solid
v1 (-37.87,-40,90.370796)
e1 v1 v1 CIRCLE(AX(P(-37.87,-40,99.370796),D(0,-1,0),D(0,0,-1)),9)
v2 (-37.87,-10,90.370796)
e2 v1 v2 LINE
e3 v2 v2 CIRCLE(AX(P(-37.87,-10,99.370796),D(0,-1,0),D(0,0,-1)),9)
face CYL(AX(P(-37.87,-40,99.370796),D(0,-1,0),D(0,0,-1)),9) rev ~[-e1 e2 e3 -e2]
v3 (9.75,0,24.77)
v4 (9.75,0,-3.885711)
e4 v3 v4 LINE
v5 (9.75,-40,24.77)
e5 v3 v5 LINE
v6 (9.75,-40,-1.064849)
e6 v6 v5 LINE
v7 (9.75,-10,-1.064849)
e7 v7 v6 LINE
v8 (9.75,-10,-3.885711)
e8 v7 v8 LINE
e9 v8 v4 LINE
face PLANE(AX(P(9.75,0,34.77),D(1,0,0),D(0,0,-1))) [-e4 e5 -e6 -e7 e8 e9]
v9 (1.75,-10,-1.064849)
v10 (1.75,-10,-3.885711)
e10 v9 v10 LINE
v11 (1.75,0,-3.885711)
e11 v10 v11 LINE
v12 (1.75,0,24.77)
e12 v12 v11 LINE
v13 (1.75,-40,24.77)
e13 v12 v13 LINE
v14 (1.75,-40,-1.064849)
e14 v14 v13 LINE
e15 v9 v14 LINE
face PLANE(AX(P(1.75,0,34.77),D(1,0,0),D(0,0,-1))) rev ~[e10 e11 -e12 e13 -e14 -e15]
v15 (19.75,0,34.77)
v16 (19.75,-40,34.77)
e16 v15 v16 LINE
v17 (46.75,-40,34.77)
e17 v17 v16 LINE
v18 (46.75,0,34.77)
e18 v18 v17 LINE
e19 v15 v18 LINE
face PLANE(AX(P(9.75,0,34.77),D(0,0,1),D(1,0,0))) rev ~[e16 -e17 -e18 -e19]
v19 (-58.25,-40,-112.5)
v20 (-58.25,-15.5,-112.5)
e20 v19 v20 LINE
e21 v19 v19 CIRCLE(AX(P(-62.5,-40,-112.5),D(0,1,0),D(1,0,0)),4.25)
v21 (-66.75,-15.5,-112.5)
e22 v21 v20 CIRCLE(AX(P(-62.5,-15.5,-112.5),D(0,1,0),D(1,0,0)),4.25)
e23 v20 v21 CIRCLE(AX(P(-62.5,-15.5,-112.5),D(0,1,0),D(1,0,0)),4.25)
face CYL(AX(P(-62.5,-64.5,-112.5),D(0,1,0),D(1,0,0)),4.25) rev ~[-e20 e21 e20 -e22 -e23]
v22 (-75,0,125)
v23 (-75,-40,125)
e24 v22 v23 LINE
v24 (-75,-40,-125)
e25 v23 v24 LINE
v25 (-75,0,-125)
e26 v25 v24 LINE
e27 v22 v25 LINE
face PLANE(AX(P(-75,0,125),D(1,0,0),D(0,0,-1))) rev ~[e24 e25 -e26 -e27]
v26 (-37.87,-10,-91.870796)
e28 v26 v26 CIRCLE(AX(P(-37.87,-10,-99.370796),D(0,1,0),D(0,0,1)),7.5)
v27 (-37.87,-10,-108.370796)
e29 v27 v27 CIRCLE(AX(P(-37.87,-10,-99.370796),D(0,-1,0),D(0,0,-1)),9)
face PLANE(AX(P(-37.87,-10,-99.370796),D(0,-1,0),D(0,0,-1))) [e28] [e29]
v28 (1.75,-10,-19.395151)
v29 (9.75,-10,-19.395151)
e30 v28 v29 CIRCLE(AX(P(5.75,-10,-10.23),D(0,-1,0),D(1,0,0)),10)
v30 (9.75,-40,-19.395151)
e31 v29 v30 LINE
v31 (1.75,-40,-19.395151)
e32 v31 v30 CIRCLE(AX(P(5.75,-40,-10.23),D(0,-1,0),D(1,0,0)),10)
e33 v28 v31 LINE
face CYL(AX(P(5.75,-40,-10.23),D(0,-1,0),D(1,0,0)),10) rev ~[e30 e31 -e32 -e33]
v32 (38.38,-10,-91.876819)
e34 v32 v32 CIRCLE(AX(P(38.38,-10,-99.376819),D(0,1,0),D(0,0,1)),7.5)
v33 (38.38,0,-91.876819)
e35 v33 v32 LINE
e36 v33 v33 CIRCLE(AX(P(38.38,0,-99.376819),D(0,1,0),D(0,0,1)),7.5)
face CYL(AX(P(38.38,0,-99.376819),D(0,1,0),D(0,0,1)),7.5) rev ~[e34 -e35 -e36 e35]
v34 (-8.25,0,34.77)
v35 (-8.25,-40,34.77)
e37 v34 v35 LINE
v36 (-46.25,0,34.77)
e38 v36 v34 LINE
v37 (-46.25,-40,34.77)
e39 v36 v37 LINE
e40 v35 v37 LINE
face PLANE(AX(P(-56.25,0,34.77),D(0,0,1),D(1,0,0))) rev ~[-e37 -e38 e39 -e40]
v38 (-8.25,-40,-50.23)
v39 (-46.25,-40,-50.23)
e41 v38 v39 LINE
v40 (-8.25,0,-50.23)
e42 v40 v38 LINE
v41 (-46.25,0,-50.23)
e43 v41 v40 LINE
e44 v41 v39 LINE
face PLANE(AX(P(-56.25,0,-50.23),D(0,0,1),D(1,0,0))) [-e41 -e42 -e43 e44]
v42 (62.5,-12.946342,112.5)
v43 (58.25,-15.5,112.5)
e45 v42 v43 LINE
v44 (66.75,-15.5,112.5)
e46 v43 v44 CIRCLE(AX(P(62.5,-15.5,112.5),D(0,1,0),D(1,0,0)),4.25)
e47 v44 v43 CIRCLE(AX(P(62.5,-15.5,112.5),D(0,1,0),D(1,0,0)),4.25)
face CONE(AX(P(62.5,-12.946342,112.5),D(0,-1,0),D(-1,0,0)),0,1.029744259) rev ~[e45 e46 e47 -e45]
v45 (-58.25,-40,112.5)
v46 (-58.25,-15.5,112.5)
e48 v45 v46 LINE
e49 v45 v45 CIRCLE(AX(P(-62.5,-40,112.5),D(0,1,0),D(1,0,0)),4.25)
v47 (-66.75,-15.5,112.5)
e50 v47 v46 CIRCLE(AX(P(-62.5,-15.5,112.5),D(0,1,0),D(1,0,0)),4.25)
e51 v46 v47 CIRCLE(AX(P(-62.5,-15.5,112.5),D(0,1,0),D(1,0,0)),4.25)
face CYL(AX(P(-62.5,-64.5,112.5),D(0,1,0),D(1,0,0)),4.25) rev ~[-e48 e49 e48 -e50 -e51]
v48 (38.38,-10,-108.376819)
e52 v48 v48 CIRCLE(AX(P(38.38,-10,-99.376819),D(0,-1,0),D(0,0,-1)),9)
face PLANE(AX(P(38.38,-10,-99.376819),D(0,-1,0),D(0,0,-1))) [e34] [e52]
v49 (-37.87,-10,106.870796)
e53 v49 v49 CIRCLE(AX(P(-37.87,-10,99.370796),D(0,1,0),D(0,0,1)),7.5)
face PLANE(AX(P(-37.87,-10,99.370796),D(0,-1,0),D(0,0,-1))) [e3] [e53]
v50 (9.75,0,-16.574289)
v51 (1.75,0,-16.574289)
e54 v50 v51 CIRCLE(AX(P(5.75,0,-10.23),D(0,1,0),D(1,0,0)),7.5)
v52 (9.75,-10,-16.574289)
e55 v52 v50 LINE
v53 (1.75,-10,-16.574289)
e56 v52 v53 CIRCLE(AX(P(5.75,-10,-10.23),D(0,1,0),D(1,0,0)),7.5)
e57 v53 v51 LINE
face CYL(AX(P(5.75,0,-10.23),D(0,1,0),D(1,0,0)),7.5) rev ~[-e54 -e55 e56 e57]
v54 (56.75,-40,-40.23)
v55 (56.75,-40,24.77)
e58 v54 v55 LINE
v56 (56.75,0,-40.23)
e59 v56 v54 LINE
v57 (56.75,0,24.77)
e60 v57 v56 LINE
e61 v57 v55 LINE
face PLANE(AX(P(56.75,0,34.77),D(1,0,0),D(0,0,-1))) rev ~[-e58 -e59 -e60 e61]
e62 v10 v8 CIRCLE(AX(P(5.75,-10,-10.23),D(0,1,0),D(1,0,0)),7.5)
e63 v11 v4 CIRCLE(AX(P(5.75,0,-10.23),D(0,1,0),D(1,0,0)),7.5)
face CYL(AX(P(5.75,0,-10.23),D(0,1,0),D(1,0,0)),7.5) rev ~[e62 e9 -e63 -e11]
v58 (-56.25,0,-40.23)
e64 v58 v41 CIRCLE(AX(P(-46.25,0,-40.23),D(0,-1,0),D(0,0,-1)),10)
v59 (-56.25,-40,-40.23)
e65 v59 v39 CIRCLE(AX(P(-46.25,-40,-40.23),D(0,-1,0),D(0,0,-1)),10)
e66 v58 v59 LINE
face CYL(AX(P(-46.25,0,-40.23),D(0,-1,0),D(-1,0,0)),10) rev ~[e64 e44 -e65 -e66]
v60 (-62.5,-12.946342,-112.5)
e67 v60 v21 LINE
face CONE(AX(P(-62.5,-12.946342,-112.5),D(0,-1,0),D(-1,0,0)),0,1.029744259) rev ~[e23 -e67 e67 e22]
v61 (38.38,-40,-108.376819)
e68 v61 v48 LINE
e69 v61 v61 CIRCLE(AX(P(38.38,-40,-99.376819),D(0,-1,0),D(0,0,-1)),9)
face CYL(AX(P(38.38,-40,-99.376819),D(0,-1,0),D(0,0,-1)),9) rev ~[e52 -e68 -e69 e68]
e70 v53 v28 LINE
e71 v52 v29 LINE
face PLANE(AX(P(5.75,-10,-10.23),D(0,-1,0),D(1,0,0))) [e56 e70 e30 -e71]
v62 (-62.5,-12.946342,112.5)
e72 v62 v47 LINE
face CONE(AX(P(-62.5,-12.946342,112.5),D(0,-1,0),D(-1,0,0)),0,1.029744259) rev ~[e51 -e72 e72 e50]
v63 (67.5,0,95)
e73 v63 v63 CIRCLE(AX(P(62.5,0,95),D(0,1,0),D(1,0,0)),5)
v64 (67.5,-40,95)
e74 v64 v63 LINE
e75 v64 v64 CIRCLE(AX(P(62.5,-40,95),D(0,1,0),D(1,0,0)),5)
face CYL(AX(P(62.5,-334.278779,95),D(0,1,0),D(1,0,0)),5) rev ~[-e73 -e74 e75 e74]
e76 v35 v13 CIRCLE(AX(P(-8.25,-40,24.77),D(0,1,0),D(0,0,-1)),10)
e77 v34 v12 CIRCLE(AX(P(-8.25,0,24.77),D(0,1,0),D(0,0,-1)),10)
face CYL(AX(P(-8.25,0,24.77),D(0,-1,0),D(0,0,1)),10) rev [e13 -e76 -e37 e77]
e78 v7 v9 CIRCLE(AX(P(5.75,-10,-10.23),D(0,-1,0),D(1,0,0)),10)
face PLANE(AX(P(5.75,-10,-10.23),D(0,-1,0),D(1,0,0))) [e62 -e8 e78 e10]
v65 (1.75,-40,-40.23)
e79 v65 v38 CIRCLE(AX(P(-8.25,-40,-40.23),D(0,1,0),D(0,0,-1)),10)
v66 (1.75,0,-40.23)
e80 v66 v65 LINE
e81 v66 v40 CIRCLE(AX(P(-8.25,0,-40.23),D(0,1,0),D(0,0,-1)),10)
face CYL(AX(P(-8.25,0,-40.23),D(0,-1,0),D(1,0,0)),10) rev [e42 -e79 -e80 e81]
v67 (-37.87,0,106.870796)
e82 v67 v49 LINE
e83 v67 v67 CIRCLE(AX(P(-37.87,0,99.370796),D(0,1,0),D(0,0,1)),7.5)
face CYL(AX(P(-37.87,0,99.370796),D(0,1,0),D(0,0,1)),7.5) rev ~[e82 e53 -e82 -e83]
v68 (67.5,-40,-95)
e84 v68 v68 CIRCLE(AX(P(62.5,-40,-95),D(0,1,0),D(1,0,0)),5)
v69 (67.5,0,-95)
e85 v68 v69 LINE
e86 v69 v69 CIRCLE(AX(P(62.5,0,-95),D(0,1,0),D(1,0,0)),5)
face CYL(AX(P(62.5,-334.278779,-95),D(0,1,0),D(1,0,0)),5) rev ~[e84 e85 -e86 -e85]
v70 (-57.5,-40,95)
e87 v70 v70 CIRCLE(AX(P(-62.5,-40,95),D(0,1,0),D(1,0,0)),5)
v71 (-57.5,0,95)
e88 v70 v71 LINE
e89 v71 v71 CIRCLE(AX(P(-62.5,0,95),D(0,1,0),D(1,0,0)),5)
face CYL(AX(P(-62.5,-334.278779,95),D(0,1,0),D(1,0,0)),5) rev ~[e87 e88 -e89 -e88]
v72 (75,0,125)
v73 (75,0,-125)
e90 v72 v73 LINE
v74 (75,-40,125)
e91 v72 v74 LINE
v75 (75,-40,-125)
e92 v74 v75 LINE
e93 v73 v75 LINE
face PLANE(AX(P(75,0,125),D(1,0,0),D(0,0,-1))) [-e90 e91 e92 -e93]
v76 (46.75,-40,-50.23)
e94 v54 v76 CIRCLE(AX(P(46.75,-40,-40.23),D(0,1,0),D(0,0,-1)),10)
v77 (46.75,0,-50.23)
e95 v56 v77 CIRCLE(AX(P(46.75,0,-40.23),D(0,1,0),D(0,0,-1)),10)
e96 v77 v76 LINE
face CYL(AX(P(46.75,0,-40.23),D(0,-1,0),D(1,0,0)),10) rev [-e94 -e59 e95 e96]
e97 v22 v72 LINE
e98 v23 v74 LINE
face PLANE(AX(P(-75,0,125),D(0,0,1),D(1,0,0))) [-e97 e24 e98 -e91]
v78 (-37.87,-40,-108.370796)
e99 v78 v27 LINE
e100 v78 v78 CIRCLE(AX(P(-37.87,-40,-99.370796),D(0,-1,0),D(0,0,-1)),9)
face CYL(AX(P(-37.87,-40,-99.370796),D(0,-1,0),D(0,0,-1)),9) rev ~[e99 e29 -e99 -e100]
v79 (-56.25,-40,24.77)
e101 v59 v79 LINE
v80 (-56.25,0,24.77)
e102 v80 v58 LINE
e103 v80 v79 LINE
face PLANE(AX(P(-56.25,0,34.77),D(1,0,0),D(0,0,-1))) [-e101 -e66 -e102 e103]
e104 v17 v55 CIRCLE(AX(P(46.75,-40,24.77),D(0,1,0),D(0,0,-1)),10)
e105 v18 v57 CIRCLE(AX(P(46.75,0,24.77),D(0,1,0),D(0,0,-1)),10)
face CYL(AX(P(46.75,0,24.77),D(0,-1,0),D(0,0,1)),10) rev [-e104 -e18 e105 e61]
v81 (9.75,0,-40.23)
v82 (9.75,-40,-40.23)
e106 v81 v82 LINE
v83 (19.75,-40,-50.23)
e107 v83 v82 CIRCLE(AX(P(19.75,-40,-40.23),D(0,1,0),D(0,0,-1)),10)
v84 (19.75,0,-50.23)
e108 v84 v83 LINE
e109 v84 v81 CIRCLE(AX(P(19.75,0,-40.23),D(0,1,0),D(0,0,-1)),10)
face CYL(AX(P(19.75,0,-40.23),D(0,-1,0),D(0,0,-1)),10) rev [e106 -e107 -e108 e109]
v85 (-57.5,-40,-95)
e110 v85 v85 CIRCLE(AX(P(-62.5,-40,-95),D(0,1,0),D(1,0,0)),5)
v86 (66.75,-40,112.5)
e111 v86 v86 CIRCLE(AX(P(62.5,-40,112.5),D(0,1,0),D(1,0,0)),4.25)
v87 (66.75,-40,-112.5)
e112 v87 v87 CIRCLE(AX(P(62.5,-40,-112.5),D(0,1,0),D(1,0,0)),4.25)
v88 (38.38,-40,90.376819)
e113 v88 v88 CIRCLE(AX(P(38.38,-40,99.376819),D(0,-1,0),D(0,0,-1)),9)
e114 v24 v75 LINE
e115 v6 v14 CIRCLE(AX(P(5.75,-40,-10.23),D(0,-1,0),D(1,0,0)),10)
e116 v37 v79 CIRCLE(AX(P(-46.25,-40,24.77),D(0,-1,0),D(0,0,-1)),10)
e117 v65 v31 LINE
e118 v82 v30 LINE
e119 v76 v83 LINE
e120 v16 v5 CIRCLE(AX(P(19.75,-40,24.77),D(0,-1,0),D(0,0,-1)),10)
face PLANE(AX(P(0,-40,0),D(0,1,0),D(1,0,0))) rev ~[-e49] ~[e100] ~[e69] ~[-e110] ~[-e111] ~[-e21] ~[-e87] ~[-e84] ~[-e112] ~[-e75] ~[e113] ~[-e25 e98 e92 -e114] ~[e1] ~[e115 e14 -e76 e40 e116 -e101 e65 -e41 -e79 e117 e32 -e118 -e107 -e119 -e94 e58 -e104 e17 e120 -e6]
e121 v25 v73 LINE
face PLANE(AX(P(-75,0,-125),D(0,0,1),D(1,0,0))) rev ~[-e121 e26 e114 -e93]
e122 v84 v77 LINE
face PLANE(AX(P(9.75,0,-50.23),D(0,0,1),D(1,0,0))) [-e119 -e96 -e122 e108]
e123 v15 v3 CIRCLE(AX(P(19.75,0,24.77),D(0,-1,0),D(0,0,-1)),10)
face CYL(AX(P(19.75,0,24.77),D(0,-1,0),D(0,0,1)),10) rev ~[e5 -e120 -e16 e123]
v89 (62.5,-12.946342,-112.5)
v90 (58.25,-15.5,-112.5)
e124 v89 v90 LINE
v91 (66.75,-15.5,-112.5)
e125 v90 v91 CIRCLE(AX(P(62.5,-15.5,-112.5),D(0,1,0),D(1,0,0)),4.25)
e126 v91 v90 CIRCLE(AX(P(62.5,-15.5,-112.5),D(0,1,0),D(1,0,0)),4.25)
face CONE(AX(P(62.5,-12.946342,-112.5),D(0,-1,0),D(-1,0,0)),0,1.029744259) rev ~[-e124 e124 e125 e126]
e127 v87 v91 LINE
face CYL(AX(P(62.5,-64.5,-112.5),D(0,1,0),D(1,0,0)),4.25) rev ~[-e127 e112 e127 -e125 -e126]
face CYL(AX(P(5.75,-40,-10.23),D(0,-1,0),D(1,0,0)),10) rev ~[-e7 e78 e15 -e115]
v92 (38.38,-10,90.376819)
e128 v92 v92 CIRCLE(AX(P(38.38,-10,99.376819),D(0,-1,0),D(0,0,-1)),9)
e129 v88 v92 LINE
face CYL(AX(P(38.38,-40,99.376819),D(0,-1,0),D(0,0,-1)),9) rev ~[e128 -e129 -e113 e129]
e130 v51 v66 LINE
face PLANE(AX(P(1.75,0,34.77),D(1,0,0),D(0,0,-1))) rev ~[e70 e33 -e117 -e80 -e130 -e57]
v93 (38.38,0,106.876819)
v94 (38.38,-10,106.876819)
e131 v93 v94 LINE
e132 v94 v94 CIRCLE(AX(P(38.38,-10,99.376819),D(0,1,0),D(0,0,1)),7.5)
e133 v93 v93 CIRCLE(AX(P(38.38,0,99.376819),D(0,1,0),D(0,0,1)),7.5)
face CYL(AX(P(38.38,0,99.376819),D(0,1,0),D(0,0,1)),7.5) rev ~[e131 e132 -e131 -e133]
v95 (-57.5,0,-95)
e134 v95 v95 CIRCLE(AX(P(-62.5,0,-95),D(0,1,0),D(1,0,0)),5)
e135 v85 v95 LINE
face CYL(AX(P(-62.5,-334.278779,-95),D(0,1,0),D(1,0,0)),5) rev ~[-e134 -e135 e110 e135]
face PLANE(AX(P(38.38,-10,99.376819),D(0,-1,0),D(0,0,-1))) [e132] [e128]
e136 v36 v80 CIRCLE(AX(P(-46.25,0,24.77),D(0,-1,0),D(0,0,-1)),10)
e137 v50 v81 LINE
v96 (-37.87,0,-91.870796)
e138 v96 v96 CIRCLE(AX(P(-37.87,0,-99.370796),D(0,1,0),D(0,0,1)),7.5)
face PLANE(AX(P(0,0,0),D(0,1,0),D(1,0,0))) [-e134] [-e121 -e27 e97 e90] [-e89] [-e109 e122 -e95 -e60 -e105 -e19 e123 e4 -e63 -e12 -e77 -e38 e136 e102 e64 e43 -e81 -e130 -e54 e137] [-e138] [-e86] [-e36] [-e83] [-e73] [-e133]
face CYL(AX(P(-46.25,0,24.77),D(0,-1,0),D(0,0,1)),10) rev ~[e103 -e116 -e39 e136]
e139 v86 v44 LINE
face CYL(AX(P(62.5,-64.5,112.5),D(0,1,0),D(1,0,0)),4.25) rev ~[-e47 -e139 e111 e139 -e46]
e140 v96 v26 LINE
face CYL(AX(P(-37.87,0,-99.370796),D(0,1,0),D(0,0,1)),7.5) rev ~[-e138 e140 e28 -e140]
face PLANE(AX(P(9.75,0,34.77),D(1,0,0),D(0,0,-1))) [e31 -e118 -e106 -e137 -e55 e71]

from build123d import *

# Parameters (mm, degrees)
SKETCH1_W              = 150
SKETCH1_H              = 250
BOSS_EXTRUDE1_DEPTH    = 40
CUT_EXTRUDE1_REACH     = 153.162
SKETCH3_W              = 58
SKETCH3_H              = 85
SKETCH3_W_2            = 47
FILLET1_R              = 10
SKETCH7_R              = 7.5
CUT_EXTRUDE4_DEPTH     = 369.774778015
SKETCH8_R              = 10
CUT_EXTRUDE5_DEPTH     = 30
M10_TAPPED_HOLE1_D     = 8.5
M10_TAPPED_HOLE1_DEPTH = 24.5
M10_TAPPED_HOLE1_TIP   = 2.553657631
F_10_0MM_DOWEL_HOLE1_D = 10
CUT_EXTRUDE6_REACH     = 153.162
SKETCH15_R             = 7.5
SKETCH16_R             = 9
CUT_EXTRUDE7_DEPTH     = 30


with BuildPart() as part:
    # Sketch1 → Boss-Extrude1 (new body)
    with BuildSketch(Plane(origin=(0, 0, 0), x_dir=(1, 0, 0), z_dir=(0, 1, 0))):
        Rectangle(SKETCH1_W, SKETCH1_H)
    extrude(amount=-BOSS_EXTRUDE1_DEPTH)

    # Sketch3 → Cut-Extrude1 (cut, up to next)
    with BuildSketch(Plane(origin=(0, 0, 0), x_dir=(1, 0, 0), z_dir=(0, 1, 0)), mode=Mode.PRIVATE) as cut_extrude1_sk1:
        with Locations((-27.25, 7.73)):
            Rectangle(SKETCH3_W, SKETCH3_H)
    cut_extrude1_tool1 = extrude(cut_extrude1_sk1.sketch, amount=-CUT_EXTRUDE1_REACH, mode=Mode.PRIVATE) & part.part
    # Sketch3 → Cut-Extrude1 (cut, up to next)
    with BuildSketch(Plane(origin=(0, 0, 0), x_dir=(1, 0, 0), z_dir=(0, 1, 0)), mode=Mode.PRIVATE) as cut_extrude1_sk2:
        with Locations((33.25, 7.73)):
            Rectangle(SKETCH3_W_2, SKETCH3_H)
    cut_extrude1_tool2 = extrude(cut_extrude1_sk2.sketch, amount=-CUT_EXTRUDE1_REACH, mode=Mode.PRIVATE) & part.part
    add(cut_extrude1_tool1.solids().sort_by_distance((-27.25, 0, -7.73))[0], mode=Mode.SUBTRACT)
    add(cut_extrude1_tool2.solids().sort_by_distance((33.25, 0, -7.73))[0], mode=Mode.SUBTRACT)

    # Fillet1
    fillet1_edges = [part.edges().sort_by_distance(p)[0] for p in [
        (-56.25, -20, 34.77),
        (-56.25, -20, -50.23),
        (1.75, -20, -50.23),
        (1.75, -20, 34.77),
        (9.75, -20, 34.77),
        (9.75, -20, -50.23),
        (56.75, -20, -50.23),
        (56.75, -20, 34.77),
    ]]
    fillet(fillet1_edges, radius=FILLET1_R)

    # Sketch7 → Cut-Extrude4 (cut, through all)
    with BuildSketch(Plane(origin=(269.63, 0, 0), x_dir=(1, 0, 0), z_dir=(0, 1, 0))):
        with Locations((-263.88, 10.23)):
            Circle(SKETCH7_R)
    extrude(amount=-CUT_EXTRUDE4_DEPTH, mode=Mode.SUBTRACT)

    # Sketch8 → Cut-Extrude5 (cut)
    with BuildSketch(Plane(origin=(269.63, -40, 0), x_dir=(1, 0, 0), z_dir=(0, -1, 0))):
        with Locations((-263.88, -10.23)):
            Circle(SKETCH8_R)
    extrude(amount=-CUT_EXTRUDE5_DEPTH, mode=Mode.SUBTRACT)

    # M10 Tapped Hole1
    with Locations(Plane(origin=(0, -40, 0), x_dir=(-1, 0, 0), z_dir=(0, -1, 0))):
        with Locations((-62.5, 112.5), (62.5, 112.5), (62.5, -112.5), (-62.5, -112.5)):
            Hole(M10_TAPPED_HOLE1_D / 2, depth=M10_TAPPED_HOLE1_DEPTH)
            with Locations((0, 0, -(M10_TAPPED_HOLE1_DEPTH + M10_TAPPED_HOLE1_TIP / 2))):  # 118° drill point
                Cone(0, M10_TAPPED_HOLE1_D / 2, M10_TAPPED_HOLE1_TIP, mode=Mode.SUBTRACT)

    # Ø10.0mm Dowel Hole1 (through all)
    with Locations(Plane(origin=(0, -40, 0), x_dir=(-1, 0, 0), z_dir=(0, -1, 0))):
        with Locations((-62.5, 95), (-62.5, -95), (62.5, -95), (62.5, 95)):
            Hole(F_10_0MM_DOWEL_HOLE1_D / 2)

    # Sketch15 → Cut-Extrude6 (cut, up to next)
    with BuildSketch(Plane(origin=(0, 0, 0), x_dir=(1, 0, 0), z_dir=(0, 1, 0)), mode=Mode.PRIVATE) as cut_extrude6_sk1:
        with Locations(Location((38.38, -99.376818869, 0), (0, 0, 270))):
            Circle(SKETCH15_R)
    cut_extrude6_tool1 = extrude(cut_extrude6_sk1.sketch, amount=-CUT_EXTRUDE6_REACH, mode=Mode.PRIVATE) & part.part
    # Sketch15 → Cut-Extrude6 (cut, up to next)
    with BuildSketch(Plane(origin=(0, 0, 0), x_dir=(1, 0, 0), z_dir=(0, 1, 0)), mode=Mode.PRIVATE) as cut_extrude6_sk2:
        with Locations(Location((-37.87, -99.370796223, 0), (0, 0, 270))):
            Circle(SKETCH15_R)
    cut_extrude6_tool2 = extrude(cut_extrude6_sk2.sketch, amount=-CUT_EXTRUDE6_REACH, mode=Mode.PRIVATE) & part.part
    # Sketch15 → Cut-Extrude6 (cut, up to next)
    with BuildSketch(Plane(origin=(0, 0, 0), x_dir=(1, 0, 0), z_dir=(0, 1, 0)), mode=Mode.PRIVATE) as cut_extrude6_sk3:
        with Locations(Location((38.38, 99.376818869, 0), (0, 0, 270))):
            Circle(SKETCH15_R)
    cut_extrude6_tool3 = extrude(cut_extrude6_sk3.sketch, amount=-CUT_EXTRUDE6_REACH, mode=Mode.PRIVATE) & part.part
    # Sketch15 → Cut-Extrude6 (cut, up to next)
    with BuildSketch(Plane(origin=(0, 0, 0), x_dir=(1, 0, 0), z_dir=(0, 1, 0)), mode=Mode.PRIVATE) as cut_extrude6_sk4:
        with Locations(Location((-37.87, 99.370796223, 0), (0, 0, 270))):
            Circle(SKETCH15_R)
    cut_extrude6_tool4 = extrude(cut_extrude6_sk4.sketch, amount=-CUT_EXTRUDE6_REACH, mode=Mode.PRIVATE) & part.part
    add(cut_extrude6_tool1.solids().sort_by_distance((38.38, 0, 99.376819))[0], mode=Mode.SUBTRACT)
    add(cut_extrude6_tool2.solids().sort_by_distance((-37.87, 0, 99.370796))[0], mode=Mode.SUBTRACT)
    add(cut_extrude6_tool3.solids().sort_by_distance((38.38, 0, -99.376819))[0], mode=Mode.SUBTRACT)
    add(cut_extrude6_tool4.solids().sort_by_distance((-37.87, 0, -99.370796))[0], mode=Mode.SUBTRACT)

    # Sketch16 → Cut-Extrude7 (cut)
    with BuildSketch(Plane.XZ.offset(40)):
        with Locations(Location((-37.87, -99.370796223, 0), (0, 0, 270))):
            Circle(SKETCH16_R)
        with Locations(Location((38.38, -99.376818869, 0), (0, 0, 270))):
            Circle(SKETCH16_R)
        with Locations(Location((38.38, 99.376818869, 0), (0, 0, 270))):
            Circle(SKETCH16_R)
        with Locations(Location((-37.87, 99.370796223, 0), (0, 0, 270))):
            Circle(SKETCH16_R)
    extrude(amount=-CUT_EXTRUDE7_DEPTH, mode=Mode.SUBTRACT)


solid = part.part
